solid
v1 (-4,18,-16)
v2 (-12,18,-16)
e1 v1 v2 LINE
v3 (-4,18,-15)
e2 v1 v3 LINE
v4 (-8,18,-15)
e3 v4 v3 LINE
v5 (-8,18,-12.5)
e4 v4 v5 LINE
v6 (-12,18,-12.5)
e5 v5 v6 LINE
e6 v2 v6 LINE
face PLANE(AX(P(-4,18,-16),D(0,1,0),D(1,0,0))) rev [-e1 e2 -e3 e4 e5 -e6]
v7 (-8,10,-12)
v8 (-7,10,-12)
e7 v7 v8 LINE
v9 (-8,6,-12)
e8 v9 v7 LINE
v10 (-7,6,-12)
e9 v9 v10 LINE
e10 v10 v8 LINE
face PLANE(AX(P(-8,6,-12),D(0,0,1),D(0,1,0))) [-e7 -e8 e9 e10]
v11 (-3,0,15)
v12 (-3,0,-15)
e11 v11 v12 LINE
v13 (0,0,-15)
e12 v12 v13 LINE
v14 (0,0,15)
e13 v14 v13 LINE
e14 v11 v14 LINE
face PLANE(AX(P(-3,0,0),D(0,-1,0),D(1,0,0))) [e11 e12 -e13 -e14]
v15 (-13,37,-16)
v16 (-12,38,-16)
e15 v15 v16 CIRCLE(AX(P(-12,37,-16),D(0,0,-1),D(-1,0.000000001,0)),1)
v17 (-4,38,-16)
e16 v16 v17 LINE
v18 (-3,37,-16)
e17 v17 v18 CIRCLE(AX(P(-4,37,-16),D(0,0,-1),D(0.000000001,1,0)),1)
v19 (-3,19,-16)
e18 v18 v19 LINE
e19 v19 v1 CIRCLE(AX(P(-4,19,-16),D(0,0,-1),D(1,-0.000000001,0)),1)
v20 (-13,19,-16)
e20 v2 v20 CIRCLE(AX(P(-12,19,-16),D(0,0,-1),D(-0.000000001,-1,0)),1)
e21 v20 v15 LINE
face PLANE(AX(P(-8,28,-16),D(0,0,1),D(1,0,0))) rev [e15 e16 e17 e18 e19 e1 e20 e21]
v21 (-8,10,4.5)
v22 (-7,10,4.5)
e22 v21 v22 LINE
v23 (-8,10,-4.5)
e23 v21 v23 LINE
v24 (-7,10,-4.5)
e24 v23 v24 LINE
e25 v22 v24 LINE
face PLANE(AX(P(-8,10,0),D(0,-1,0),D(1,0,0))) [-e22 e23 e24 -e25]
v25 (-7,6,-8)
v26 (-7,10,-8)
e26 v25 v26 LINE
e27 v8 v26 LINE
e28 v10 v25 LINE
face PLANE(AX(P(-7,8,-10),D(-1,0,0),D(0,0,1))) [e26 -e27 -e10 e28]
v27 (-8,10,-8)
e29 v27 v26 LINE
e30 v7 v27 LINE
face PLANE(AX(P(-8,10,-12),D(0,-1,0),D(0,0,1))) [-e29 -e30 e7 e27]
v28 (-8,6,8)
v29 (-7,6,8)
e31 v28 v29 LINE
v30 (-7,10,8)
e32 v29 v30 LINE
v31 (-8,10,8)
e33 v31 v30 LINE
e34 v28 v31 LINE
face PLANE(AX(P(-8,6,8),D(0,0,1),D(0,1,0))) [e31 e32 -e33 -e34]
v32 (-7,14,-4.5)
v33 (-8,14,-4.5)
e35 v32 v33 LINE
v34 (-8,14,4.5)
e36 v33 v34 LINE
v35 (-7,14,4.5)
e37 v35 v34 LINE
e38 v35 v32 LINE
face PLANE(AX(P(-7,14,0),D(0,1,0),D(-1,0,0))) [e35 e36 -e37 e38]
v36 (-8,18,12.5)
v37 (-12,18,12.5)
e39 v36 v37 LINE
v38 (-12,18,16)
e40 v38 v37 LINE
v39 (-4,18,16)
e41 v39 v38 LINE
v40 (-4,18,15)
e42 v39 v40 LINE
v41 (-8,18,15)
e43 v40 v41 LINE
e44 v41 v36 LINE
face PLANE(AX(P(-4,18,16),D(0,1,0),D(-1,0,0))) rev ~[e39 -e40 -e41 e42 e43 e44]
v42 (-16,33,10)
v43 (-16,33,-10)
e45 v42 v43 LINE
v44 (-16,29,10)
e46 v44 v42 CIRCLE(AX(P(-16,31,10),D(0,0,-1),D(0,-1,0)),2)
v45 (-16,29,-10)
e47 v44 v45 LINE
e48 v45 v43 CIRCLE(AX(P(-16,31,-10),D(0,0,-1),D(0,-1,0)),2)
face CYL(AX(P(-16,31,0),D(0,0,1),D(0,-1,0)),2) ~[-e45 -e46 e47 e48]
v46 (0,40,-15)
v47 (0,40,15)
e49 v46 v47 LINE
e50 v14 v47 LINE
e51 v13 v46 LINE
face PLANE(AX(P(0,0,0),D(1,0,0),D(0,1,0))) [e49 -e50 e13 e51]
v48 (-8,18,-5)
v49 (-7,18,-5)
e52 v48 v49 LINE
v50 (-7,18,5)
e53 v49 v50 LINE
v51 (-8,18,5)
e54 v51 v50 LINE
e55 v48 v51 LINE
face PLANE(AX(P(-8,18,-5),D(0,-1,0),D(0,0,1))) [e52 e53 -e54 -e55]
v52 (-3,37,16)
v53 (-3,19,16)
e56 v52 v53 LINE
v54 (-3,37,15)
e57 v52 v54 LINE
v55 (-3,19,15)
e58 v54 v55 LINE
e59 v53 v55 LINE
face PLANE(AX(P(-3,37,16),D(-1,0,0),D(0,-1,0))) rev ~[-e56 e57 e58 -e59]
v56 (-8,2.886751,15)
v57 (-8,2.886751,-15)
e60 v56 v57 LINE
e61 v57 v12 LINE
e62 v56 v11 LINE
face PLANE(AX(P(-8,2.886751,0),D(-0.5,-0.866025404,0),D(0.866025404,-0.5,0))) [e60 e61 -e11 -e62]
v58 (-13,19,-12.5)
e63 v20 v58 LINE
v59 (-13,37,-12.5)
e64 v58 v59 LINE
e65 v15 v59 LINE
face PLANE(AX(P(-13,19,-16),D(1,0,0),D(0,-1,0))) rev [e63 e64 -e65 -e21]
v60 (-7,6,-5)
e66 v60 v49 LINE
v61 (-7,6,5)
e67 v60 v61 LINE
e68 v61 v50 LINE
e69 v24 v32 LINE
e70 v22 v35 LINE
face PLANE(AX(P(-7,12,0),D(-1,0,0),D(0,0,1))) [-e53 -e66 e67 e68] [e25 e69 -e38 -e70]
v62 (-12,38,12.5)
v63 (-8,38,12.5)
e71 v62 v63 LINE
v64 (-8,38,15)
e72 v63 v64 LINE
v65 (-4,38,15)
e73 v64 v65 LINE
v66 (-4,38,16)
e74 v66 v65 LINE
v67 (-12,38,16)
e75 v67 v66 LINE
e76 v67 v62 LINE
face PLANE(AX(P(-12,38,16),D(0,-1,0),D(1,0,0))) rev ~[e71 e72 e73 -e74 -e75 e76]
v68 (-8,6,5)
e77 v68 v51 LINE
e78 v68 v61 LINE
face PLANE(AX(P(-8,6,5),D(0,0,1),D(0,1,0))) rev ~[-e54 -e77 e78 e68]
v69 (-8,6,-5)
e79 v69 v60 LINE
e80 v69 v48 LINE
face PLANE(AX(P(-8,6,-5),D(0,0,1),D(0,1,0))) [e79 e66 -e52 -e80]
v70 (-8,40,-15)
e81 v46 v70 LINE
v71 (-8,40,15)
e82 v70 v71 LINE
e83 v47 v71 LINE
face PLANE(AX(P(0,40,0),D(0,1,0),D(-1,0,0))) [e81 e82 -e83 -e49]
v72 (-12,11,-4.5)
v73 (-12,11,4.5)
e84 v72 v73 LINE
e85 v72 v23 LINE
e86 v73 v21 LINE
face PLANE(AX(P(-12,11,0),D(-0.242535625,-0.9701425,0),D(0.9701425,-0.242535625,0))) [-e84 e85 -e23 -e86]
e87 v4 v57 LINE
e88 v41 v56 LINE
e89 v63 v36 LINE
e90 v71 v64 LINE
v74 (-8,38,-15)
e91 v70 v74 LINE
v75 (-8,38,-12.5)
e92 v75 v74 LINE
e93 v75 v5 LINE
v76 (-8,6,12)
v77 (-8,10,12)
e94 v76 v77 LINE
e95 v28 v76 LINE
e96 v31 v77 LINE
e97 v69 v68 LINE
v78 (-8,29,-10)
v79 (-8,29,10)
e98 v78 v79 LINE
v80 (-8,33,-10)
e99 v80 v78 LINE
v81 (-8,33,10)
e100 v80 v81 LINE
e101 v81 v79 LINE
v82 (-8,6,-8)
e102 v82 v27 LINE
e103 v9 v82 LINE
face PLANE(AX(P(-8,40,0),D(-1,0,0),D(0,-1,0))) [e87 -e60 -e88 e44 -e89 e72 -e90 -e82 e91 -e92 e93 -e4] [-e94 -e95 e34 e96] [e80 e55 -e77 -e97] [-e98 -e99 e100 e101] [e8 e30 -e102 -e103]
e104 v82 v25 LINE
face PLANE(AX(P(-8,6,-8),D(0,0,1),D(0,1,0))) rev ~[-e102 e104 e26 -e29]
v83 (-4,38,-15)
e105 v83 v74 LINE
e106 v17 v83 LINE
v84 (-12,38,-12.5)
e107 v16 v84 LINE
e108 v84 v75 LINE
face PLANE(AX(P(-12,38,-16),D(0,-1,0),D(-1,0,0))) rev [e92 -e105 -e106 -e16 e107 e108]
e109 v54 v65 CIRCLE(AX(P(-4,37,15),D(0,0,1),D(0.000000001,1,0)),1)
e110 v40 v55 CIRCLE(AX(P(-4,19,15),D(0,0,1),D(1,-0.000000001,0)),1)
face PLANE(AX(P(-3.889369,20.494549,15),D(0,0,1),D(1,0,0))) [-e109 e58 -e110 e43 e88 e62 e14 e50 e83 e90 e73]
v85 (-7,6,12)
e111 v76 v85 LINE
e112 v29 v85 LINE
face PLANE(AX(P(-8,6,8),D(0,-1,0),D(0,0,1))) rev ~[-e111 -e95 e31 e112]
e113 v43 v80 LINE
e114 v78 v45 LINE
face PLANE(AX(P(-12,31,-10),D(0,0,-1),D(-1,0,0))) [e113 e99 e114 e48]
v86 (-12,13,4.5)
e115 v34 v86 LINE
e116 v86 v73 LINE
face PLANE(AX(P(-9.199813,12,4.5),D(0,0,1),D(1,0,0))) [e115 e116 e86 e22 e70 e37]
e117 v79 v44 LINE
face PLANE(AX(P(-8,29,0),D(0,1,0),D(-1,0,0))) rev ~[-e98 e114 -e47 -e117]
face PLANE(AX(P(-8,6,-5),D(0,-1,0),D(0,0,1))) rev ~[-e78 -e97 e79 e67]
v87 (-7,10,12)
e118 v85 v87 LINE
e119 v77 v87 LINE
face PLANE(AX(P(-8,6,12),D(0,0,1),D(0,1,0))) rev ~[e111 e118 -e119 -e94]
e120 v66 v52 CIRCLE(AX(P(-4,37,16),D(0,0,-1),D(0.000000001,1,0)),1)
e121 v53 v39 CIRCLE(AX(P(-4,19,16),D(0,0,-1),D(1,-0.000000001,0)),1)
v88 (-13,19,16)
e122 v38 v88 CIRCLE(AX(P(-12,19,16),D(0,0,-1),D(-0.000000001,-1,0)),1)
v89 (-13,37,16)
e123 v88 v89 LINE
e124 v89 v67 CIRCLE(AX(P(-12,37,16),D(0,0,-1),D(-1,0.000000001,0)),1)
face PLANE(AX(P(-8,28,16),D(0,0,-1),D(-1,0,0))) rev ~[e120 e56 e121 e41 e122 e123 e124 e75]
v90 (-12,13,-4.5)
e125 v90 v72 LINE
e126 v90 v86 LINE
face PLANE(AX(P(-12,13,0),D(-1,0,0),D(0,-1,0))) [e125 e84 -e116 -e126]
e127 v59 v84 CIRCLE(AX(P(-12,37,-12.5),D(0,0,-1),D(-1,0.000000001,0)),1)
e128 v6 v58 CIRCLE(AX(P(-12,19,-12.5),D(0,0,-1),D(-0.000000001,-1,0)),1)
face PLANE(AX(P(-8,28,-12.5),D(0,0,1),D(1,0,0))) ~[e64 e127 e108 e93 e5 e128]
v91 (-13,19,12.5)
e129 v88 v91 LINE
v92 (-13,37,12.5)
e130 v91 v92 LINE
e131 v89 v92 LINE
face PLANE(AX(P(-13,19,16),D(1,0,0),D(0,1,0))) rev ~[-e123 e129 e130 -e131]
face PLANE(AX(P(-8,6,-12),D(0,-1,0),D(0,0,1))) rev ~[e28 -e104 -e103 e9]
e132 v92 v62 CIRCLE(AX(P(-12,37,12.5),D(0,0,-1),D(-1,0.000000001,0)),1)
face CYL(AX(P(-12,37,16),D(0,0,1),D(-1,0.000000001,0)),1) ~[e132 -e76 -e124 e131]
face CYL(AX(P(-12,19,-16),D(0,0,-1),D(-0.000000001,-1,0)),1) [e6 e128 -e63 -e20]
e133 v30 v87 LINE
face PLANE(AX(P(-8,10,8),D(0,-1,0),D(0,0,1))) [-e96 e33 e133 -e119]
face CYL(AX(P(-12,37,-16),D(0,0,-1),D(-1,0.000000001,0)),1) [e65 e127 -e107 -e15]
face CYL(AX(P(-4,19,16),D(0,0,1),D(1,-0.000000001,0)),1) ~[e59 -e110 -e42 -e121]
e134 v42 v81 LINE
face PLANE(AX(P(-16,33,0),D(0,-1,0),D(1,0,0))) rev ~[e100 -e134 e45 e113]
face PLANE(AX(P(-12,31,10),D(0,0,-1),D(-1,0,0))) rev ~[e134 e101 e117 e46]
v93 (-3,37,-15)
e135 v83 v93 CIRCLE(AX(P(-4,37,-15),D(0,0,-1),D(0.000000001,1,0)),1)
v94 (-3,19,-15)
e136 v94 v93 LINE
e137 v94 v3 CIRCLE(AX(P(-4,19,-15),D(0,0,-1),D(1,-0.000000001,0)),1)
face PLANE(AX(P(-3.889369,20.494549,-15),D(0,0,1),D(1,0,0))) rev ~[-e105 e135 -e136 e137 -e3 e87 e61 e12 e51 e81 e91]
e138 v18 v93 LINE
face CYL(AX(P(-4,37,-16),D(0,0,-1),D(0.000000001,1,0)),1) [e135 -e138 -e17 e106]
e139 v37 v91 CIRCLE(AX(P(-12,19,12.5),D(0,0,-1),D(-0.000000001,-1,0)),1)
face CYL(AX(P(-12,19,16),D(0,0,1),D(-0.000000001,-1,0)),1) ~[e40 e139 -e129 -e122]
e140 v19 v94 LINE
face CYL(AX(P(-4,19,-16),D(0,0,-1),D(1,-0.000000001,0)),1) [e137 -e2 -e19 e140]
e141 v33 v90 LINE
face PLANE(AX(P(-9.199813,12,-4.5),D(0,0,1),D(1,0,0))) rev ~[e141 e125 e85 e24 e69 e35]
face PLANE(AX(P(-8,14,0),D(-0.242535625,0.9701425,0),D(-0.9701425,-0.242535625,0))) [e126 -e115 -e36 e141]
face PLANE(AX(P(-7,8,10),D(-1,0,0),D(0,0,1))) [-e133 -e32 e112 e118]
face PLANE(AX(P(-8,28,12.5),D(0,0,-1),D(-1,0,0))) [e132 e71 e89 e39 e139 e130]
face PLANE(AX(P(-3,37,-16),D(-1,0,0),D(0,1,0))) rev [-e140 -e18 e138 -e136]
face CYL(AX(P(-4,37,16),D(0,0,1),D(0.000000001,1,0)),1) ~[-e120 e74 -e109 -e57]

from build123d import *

# Parameters (mm, degrees)
EXTRUDE_1_DEPTH     = 15
SKETCH_7_W          = 10
SKETCH_7_H          = 12
SKETCH_7_W_2        = 4
SKETCH_7_H_2        = 4
CUT_EXTRUDE_1_DEPTH = 1
EXTRUDE_2_DEPTH     = 4.5
EXTRUDE_3_DEPTH     = 10
EXTRUDE_START       = 1
EXTRUDE_4_DEPTH     = 3.5


with BuildPart() as part:
    # 草图1 → 凸台-拉伸1 (new, symmetric)
    with BuildSketch(Plane.XY):
        Polygon((0, 0), (0, 40), (-8, 40), (-8, 2.886751346), (-3, 0), align=None)
    extrude(amount=EXTRUDE_1_DEPTH, both=True)

    # 草图7 → 切除-拉伸1 (cut)
    with BuildSketch(Plane.ZY.offset(8)):
        with Locations((0, 12)):
            Rectangle(SKETCH_7_W, SKETCH_7_H)
        with Locations((-10, 8)):
            Rectangle(SKETCH_7_W_2, SKETCH_7_H_2)
        with Locations((10, 8)):
            Rectangle(SKETCH_7_W_2, SKETCH_7_H_2)
    extrude(amount=-CUT_EXTRUDE_1_DEPTH, mode=Mode.SUBTRACT)

    # 草图9 → 凸台-拉伸2 (add, symmetric)
    with BuildSketch(Plane.XY):
        Polygon((-7, 14), (-8, 14), (-12, 13), (-12, 11), (-8, 10), (-7, 10), align=None)
    extrude(amount=EXTRUDE_2_DEPTH, both=True)

    # 草图15 → 凸台-拉伸3 (add, symmetric)
    with BuildSketch(Plane.XY):
        with BuildLine():
            Line((-8, 29), (-16, 29))
            ThreePointArc((-16, 29), (-18, 31), (-16, 33))
            Line((-16, 33), (-8, 33))
            ThreePointArc((-8, 33), (-6, 31), (-8, 29))
        make_face()
    extrude(amount=EXTRUDE_3_DEPTH, both=True)

    # 草图16 → 凸台-拉伸4 (add)
    with BuildSketch(Plane.XY.offset(15).offset(EXTRUDE_START)):
        with BuildLine():
            Line((-4, 18), (-12, 18))
            ThreePointArc((-12, 18), (-12.707106781, 18.292893219), (-13, 19))
            Line((-13, 19), (-13, 37))
            ThreePointArc((-13, 37), (-12.707106781, 37.707106781), (-12, 38))
            Line((-12, 38), (-4, 38))
            ThreePointArc((-4, 38), (-3.292893219, 37.707106781), (-3, 37))
            Line((-3, 37), (-3, 19))
            ThreePointArc((-3, 19), (-3.292893219, 18.292893219), (-4, 18))
        make_face()
    extrude_4 = extrude(amount=-EXTRUDE_4_DEPTH)

    # 镜向1: 凸台-拉伸4 across plane
    add(extrude_4.mirror(Plane.XY))


solid = part.part
